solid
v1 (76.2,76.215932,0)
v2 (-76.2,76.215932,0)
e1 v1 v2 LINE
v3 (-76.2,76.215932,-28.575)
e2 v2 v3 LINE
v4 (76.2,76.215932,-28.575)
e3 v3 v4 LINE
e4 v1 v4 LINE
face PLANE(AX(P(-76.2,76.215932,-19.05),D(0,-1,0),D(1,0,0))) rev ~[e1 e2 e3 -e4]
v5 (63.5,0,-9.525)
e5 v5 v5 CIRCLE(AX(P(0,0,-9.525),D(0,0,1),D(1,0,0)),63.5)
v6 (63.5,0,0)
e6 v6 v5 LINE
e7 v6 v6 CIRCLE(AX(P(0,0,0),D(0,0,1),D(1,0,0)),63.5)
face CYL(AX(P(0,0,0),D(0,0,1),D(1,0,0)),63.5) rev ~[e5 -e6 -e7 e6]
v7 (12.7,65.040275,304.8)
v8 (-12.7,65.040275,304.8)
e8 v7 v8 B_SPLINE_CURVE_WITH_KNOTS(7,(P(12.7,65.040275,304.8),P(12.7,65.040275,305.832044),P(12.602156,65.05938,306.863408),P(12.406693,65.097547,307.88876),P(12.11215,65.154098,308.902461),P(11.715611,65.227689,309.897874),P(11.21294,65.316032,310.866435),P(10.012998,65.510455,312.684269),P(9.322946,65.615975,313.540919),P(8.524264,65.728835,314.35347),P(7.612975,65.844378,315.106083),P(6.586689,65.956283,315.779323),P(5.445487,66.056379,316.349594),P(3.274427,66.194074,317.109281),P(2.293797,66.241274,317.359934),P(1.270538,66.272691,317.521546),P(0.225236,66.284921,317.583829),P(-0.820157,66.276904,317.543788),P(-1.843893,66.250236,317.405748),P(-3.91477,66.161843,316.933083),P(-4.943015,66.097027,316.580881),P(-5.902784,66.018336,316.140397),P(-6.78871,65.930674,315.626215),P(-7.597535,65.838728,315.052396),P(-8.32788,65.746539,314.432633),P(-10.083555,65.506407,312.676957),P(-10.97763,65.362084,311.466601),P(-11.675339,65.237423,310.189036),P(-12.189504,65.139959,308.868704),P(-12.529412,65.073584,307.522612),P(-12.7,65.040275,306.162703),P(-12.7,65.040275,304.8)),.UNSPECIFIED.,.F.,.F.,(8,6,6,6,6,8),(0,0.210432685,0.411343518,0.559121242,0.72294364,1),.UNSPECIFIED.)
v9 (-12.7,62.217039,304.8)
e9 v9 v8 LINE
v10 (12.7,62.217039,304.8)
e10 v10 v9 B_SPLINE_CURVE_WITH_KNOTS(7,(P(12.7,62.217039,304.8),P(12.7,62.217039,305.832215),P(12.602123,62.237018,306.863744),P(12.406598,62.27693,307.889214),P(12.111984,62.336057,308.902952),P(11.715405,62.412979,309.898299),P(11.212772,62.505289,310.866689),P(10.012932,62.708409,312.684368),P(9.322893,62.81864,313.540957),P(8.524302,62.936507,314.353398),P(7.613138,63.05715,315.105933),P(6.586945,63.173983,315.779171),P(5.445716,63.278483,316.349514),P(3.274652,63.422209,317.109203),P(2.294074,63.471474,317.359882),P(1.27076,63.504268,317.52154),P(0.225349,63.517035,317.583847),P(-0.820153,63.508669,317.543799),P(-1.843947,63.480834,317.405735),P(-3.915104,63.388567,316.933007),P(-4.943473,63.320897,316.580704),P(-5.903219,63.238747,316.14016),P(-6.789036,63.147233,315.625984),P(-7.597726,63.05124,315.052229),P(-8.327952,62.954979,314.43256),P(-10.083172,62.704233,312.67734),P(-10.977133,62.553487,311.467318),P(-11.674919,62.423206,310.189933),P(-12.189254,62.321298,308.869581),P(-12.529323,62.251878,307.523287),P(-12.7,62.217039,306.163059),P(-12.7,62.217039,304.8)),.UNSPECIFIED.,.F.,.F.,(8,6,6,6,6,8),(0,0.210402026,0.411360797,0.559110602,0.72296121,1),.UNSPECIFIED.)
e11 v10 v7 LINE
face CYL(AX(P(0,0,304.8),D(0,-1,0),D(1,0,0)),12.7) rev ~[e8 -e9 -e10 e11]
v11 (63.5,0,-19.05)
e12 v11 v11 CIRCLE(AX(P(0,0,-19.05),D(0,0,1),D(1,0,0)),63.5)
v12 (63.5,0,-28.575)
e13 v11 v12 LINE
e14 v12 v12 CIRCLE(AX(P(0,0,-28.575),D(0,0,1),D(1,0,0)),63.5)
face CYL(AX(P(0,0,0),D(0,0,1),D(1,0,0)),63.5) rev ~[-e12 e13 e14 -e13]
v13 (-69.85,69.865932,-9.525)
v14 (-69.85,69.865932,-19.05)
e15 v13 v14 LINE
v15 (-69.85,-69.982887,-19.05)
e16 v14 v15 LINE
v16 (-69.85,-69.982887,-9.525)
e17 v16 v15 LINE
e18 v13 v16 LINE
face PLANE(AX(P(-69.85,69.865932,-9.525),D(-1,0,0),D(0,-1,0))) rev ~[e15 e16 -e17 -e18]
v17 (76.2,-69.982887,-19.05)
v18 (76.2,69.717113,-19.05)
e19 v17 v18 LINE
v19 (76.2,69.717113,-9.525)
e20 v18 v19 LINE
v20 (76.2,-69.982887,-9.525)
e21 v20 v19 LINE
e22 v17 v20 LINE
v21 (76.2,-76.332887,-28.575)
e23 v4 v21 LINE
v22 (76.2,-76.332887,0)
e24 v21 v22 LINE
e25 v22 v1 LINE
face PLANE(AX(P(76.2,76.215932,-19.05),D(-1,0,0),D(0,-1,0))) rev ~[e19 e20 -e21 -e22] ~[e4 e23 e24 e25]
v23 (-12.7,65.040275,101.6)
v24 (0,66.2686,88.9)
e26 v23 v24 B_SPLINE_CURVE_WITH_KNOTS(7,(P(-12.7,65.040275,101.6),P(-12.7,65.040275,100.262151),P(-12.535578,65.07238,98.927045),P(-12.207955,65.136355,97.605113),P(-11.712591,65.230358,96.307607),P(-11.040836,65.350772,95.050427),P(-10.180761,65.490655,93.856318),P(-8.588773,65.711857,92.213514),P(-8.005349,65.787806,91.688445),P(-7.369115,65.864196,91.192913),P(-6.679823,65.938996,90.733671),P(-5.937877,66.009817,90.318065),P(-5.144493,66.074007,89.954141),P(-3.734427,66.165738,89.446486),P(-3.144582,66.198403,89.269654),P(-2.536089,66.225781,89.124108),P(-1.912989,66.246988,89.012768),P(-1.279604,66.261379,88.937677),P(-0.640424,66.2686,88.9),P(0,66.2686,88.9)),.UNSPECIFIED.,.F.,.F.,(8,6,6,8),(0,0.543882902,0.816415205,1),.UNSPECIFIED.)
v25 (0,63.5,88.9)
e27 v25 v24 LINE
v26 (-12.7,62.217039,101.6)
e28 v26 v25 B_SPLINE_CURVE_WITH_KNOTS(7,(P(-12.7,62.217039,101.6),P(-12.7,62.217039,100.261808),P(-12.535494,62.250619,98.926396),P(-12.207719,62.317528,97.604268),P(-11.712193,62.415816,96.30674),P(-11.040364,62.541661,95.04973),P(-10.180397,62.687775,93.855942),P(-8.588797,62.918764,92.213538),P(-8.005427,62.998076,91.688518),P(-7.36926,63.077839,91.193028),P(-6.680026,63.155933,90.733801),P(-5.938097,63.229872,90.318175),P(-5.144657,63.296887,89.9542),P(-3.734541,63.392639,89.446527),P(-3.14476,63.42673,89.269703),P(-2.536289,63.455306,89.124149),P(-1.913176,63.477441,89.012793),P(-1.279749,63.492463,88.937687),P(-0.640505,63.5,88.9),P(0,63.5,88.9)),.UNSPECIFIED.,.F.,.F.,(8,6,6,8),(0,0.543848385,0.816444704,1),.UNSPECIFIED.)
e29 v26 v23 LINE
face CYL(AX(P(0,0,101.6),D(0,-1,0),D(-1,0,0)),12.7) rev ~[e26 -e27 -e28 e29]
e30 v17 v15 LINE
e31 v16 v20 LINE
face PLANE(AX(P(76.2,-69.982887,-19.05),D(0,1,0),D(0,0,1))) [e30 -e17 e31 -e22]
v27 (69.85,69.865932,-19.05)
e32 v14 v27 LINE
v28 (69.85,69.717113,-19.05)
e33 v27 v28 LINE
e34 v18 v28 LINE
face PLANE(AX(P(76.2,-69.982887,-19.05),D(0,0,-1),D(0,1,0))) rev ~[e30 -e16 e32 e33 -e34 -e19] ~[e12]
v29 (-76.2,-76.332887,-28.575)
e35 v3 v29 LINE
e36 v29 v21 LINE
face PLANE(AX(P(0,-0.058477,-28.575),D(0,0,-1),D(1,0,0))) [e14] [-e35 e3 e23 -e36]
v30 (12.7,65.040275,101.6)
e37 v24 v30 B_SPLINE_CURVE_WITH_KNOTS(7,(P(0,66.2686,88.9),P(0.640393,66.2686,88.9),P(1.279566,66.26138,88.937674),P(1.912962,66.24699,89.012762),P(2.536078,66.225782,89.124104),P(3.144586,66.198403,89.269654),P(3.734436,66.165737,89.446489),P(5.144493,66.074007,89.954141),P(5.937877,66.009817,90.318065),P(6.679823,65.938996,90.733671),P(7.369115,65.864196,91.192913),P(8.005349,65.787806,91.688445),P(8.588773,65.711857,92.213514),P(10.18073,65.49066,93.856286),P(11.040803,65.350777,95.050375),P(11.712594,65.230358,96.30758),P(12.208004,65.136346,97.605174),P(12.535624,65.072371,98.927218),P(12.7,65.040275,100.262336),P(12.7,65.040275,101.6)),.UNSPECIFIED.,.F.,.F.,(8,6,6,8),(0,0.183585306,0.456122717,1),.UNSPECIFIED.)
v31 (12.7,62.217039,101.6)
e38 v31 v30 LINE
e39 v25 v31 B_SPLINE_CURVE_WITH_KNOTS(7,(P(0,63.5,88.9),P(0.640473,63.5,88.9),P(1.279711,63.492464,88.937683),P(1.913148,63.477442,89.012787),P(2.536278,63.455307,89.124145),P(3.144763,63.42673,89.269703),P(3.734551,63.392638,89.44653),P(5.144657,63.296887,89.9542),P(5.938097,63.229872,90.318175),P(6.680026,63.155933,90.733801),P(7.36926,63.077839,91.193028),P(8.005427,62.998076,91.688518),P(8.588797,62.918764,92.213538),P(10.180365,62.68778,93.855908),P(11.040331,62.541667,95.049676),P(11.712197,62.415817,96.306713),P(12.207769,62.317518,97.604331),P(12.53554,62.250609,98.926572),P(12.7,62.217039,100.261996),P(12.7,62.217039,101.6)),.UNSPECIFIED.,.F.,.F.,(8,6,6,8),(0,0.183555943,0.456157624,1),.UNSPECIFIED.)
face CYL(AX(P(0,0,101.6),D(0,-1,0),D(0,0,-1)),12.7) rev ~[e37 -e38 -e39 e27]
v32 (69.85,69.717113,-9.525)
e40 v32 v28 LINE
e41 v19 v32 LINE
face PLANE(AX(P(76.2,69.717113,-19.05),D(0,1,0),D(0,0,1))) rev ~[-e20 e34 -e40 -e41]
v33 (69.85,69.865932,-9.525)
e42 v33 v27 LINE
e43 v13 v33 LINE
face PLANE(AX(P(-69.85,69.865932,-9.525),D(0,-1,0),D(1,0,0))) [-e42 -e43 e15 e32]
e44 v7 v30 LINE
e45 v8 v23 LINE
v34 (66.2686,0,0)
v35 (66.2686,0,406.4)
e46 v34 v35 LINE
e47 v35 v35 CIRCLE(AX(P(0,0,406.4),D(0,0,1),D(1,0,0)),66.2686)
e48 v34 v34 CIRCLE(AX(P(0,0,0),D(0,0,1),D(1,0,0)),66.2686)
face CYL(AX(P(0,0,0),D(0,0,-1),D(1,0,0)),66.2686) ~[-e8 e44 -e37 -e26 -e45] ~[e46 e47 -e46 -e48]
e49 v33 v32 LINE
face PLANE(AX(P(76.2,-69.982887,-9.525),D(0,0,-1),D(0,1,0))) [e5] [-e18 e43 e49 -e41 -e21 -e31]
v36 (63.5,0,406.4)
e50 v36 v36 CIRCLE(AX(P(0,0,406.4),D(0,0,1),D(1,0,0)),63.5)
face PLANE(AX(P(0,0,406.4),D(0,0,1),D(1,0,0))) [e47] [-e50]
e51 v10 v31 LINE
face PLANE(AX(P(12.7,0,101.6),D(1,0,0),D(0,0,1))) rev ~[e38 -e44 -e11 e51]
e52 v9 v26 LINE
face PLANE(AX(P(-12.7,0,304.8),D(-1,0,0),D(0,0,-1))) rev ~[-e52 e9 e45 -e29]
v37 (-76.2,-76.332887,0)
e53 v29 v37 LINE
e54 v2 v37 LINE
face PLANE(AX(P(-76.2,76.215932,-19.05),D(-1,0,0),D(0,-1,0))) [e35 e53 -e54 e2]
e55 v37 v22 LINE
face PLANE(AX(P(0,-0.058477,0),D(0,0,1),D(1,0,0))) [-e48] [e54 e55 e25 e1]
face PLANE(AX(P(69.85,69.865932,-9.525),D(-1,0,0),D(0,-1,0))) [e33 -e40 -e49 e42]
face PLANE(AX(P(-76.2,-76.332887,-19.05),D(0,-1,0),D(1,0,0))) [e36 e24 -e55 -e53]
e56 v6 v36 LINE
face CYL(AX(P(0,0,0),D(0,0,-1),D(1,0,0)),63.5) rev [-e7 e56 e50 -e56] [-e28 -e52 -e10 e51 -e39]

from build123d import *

# Parameters (mm, degrees)
F0_R      = 66.2686
F0_R_2    = 63.5
F1_DEPTH  = 406.4
F3_DEPTH  = 66.2696
F5_DEPTH  = 9.525
F6_W      = 152.4
F6_H      = 152.5488182802
F6_W_2    = 139.7
F6_H_2    = 139.8488182802
F7_DEPTH  = 9.525
F8_W      = 152.4
F8_H      = 152.5488182802
F9_DEPTH  = 9.525
F10_DEPTH = 28.576
F11_W     = 139.7
F11_H     = 9.525
F12_DEPTH = 25.4


with BuildPart() as f1:
    # F0 (on Top) → F1 (new body)
    with BuildSketch(Plane.XY):
        Circle(F0_R)
        Circle(F0_R_2, mode=Mode.SUBTRACT)
    extrude(amount=F1_DEPTH)

    # F2 (on Front) → F3 (cut, through all)
    with BuildSketch(Plane.XZ):
        with BuildLine():
            Line((-12.7, 203.2), (-12.7, 101.6))
            ThreePointArc((-12.7, 101.6), (-8.9802561211, 92.6197438789), (0, 88.9))
            ThreePointArc((0, 88.9), (8.9802561211, 92.6197438789), (12.7, 101.6))
            Line((12.7, 101.6), (12.7, 203.2))
            Line((12.7, 203.2), (12.7, 304.8))
            ThreePointArc((12.7, 304.8), (0, 317.5), (-12.7, 304.8))
            Line((-12.7, 304.8), (-12.7, 203.2))
        make_face()
    extrude(amount=-F3_DEPTH, mode=Mode.SUBTRACT)

    # F4 (on Top) → F5 (join)
    with BuildSketch(Plane.XY):
        Polygon((-76.2, 76.2159317421), (-76.2, 0.0159317421), (-76.2, -76.3328865381), (76.2, -76.3328865381), (76.2, 76.2159317421), align=None)
    extrude(amount=-F5_DEPTH)

    # F6 (on face) → F7 (join)
    with BuildSketch(Plane(origin=(0, 0, -9.525), x_dir=(1, 0, 0), z_dir=(0, 0, -1))):
        with Locations((0, 0.058477398)):
            Rectangle(F6_W, F6_H)
        with Locations((0, 0.058477398)):
            Rectangle(F6_W_2, F6_H_2, mode=Mode.SUBTRACT)
    extrude(amount=F7_DEPTH)

    # F8 (on face) → F9 (join)
    with BuildSketch(Plane(origin=(0, 0, -19.05), x_dir=(1, 0, 0), z_dir=(0, 0, -1))):
        with Locations((0, 0.058477398)):
            Rectangle(F8_W, F8_H)
    extrude(amount=F9_DEPTH)

    # F10 (cut, through all): a face of the model
    f10_faces = [f1.faces().sort_by_distance(p)[0] for p in [
        (0, 0, 0),
    ]]
    extrude(f10_faces, amount=-F10_DEPTH, mode=Mode.SUBTRACT)

    # F11 (on face) → F12 (cut)
    with BuildSketch(Plane.YZ.offset(76.2)):
        with Locations((-0.1328865381, -14.2875)):
            Rectangle(F11_W, F11_H)
    extrude(amount=-F12_DEPTH, mode=Mode.SUBTRACT)


solid = f1.part
